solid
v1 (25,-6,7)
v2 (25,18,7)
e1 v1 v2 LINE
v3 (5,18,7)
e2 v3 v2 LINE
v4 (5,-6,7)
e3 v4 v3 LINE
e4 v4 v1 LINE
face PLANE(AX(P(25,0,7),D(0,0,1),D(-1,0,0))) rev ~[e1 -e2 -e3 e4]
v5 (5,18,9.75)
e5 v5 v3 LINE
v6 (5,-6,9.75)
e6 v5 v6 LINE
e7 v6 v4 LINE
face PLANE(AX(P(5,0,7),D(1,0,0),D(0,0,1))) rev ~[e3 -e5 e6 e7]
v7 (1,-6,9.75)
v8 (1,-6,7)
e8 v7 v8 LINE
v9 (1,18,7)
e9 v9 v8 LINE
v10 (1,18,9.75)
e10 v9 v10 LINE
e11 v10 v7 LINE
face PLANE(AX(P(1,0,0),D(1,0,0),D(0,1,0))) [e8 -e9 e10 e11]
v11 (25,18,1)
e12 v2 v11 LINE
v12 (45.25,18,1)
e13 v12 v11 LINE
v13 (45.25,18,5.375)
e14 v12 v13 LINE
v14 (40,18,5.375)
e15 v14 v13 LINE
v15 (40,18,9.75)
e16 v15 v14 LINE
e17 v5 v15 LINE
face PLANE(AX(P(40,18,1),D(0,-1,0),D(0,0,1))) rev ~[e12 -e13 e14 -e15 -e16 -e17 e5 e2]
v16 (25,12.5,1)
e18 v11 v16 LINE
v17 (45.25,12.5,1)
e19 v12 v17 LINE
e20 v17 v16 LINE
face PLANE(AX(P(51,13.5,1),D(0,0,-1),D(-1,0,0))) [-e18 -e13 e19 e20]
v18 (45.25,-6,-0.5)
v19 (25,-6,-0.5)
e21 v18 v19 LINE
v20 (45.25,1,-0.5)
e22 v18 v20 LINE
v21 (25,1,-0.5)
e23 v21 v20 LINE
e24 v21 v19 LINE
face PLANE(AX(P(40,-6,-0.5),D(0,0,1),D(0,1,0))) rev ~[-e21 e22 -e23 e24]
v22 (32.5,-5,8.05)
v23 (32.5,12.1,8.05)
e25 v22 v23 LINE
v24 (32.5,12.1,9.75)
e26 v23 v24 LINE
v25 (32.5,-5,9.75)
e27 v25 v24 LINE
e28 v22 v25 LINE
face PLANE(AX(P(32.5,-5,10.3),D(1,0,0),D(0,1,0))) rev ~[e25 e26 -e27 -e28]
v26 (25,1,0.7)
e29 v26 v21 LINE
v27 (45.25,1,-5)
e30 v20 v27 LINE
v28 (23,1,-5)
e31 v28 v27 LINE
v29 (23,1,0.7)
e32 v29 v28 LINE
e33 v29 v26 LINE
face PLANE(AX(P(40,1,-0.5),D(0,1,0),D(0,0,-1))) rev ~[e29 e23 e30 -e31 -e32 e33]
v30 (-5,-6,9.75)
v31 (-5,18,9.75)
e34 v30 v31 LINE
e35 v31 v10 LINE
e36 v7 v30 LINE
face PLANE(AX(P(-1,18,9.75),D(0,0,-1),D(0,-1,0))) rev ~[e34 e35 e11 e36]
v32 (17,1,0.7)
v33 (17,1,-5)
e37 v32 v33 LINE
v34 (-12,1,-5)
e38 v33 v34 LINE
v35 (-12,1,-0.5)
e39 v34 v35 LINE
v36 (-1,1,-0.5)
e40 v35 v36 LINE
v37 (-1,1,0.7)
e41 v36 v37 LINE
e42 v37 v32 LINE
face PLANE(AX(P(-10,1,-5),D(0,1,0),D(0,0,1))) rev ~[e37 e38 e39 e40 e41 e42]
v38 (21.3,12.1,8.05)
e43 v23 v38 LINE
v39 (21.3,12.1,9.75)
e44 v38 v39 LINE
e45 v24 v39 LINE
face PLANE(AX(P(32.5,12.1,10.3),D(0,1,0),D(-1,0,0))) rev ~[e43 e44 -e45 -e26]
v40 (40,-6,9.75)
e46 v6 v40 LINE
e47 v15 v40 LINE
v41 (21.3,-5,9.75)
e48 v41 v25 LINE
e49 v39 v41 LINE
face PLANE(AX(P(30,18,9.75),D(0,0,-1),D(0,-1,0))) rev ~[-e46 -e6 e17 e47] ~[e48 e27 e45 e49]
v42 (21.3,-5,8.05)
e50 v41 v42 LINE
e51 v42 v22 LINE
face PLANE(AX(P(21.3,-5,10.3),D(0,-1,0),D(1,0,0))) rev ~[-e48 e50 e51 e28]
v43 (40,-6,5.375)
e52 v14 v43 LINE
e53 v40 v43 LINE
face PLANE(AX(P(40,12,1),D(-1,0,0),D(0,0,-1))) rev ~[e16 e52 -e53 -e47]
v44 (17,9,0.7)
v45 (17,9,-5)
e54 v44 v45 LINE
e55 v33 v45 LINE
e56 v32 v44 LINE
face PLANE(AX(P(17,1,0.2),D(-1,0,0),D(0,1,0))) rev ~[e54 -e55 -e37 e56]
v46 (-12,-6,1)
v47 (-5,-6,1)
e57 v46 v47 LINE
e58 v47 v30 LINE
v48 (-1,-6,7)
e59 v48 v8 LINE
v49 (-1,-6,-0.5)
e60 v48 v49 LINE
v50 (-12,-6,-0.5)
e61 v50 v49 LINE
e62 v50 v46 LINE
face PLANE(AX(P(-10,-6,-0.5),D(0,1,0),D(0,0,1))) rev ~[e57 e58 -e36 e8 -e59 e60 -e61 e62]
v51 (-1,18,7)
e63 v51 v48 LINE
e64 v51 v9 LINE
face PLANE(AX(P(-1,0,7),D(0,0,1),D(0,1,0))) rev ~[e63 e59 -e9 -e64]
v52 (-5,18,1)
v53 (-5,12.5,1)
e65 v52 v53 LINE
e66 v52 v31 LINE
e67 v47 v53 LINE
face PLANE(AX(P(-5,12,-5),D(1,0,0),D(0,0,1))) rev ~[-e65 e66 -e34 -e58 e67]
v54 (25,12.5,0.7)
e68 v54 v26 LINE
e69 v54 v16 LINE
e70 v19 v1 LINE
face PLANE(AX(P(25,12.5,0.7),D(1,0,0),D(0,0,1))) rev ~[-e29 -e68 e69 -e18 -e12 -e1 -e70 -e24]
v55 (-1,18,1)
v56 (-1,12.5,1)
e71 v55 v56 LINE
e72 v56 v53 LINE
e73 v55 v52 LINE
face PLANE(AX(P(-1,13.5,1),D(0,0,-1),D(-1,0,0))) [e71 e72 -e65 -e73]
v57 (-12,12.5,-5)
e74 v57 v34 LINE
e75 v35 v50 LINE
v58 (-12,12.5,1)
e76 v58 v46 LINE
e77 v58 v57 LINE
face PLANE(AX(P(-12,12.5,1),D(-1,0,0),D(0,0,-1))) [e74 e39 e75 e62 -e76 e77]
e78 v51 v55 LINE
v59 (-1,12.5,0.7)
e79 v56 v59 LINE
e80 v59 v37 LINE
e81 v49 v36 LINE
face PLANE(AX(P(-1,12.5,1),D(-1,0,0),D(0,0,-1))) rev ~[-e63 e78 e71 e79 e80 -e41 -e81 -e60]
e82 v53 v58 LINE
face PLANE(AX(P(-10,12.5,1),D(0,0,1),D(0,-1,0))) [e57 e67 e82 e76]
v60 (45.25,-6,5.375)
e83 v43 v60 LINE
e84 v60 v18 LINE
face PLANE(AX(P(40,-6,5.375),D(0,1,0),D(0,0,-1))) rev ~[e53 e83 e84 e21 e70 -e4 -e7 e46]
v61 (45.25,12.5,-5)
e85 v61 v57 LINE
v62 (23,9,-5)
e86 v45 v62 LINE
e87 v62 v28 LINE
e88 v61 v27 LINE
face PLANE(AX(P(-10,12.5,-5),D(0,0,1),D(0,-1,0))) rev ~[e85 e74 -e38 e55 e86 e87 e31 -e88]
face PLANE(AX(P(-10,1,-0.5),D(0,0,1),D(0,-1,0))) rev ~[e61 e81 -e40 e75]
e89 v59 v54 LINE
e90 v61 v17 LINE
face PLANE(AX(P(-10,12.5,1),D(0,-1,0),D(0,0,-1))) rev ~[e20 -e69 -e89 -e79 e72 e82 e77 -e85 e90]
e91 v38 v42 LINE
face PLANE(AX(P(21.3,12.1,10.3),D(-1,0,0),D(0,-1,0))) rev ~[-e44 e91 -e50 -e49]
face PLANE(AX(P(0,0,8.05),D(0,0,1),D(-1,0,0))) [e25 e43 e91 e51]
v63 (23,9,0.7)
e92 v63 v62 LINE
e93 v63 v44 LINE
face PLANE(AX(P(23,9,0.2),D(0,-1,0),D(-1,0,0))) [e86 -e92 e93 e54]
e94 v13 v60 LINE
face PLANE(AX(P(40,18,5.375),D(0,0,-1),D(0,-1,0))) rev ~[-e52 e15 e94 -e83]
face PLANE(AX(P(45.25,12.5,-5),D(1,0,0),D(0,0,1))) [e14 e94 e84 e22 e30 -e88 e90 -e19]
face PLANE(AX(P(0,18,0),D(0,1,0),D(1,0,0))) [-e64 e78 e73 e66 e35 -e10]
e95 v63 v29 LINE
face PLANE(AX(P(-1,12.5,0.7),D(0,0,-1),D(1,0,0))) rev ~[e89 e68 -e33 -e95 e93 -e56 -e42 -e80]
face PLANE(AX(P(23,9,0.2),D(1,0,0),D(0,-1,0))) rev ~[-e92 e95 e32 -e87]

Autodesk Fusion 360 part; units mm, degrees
sketch "Sketch1" plane through (0, 0, 0) normal (0, 1, 0) x (1, 0, 0)
  line L0 (0, 0) -> (25, 0)
  line L1 (25, 0) -> (25, -7)
  line L2 (25, -7) -> (1, -7)
  line L3 (0, -5) -> (0, 0)
  line L4 (-5, 5) -> (30, 5)
  line L5 (30, 5) -> (30, -10)
  line L6 (30, -10) -> (-5, -10)
  line L7 (-5, -10) -> (-5, 5)
  line L8 (1, -7) -> (1, -10)
  line L9 (-1, -5) -> (-1, -10)
  line L10 (0, -5) -> (-1, -5)
  dimension "d1" = 25
  dimension "d2" = 5
  dimension "d4" = 6
  dimension "d5" = 2
extrude "Extrude1" add sketch "Sketch1" along normal blind 18 contours L0 L1 L2 L3 L4 L5 L6 L7 L8 L9 L10 makes body 1
move_face "OffsetFaces1" offset -1 1 faces at (0, 6, 3.3333) on bodies 1
move_face "OffsetFaces2" offset 2 2 faces at (20.3333, 6, 10) (-2.3333, 6, 10) on bodies 1
extrude "Extrude2" cut 1 faces at (1, 6, 8.6667) along direction (1, 0, 0) blind 4 on bodies 1 bodies 1
split "Split1" by plane through (-1, 0, 5) normal (1, 0, 0) bodies 1 makes body 2 at (19.6667, 12, -5)
sketch "Sketch3" plane through (-1, 0, 0) normal (1, 0, 0) x (0, 1, 0)
  line L0 (18, -5) -> (18, 12)
  line L1 (18, 12) -> (0, 12)
  line L2 (0, 12) -> (0, -5)
  line L3 (0, -5) -> (18, -5)
  line L4 (18, 12) -> (0, 12)
  line L5 (0, 12) -> (0, 7)
  line L6 (0, 7) -> (18, 7)
  line L7 (18, 7) -> (18, 12)
extrude "Extrude3" add sketch "Sketch3" along normal blind 2 contours L0 L1 L2 L4 L5 L6 L7 bodies 1
combine "Combine1" operation add target body 1 tool bodies 2
sketch "Sketch4" plane through (0, 0, 0) normal (0, -1, 0) x (1, 0, 0)
  line L0 (1, 12) -> (-5, 12)
  line L1 (-5, 12) -> (-5, -5)
  line L2 (-5, -5) -> (30, -5)
  line L3 (30, -5) -> (30, 12)
  line L4 (30, 12) -> (5, 12)
  line L5 (5, 12) -> (5, 7)
  line L6 (5, 7) -> (25, 7)
  line L7 (25, 7) -> (25, 0)
  line L8 (25, 0) -> (-1, 0)
  line L9 (-1, 0) -> (-1, 7)
  line L10 (-1, 7) -> (1, 7)
  line L11 (1, 7) -> (1, 12)
  line L12 (23, -5) -> (23, 0)
  line L13 (17, -5) -> (17, 0)
  dimension "d14" = 7
  dimension "d15" = 6
extrude "Extrude4" cut sketch "Sketch4" against normal blind 9 contours L2 L8 L12 L13 bodies 1
sketch "Sketch5" plane through (0, 18, 0) normal (0, 1, 0) x (-1, 0, 0)
  line L0 (-30, -5) -> (5, -5)
  line L1 (5, -5) -> (5, 12)
  line L2 (5, 12) -> (-1, 12)
  line L3 (-1, 12) -> (-1, 7)
  line L4 (-1, 7) -> (1, 7)
  line L5 (1, 7) -> (1, 0)
  line L6 (1, 0) -> (-25, 0)
  line L7 (-25, 0) -> (-25, 7)
  line L8 (-25, 7) -> (-5, 7)
  line L9 (-5, 7) -> (-5, 12)
  line L10 (-5, 12) -> (-30, 12)
  line L11 (-30, 12) -> (-30, -5)
  line L12 (-30, 1) -> (5, 1)
  dimension "d18" = 6
extrude "Extrude5" cut sketch "Sketch5" against normal blind 6 contours L0 L1 L5 L6 L7 L11 L12 bodies 1
sketch "Sketch6" plane through (0, 0, 0) normal (0, -1, 0) x (1, 0, 0)
  line L0 (17, -5) -> (17, 0)
  line L1 (17, 0) -> (-1, 0)
  line L2 (-1, 0) -> (-1, 7)
  line L3 (-1, 7) -> (1, 7)
  line L4 (1, 7) -> (1, 12)
  line L5 (1, 12) -> (-5, 12)
  line L6 (-5, 12) -> (-5, -5)
  line L7 (-5, -5) -> (17, -5)
  line L8 (30, -5) -> (-5, -5)
  line L9 (-5, -5) -> (-5, 1)
  line L10 (-5, 1) -> (-1, 1)
  line L11 (-1, 1) -> (-1, 0)
  line L12 (-1, 0) -> (25, 0)
  line L13 (25, 0) -> (25, 1)
  line L14 (25, 1) -> (30, 1)
  line L15 (30, 1) -> (30, -5)
extrude "Extrude6" cut sketch "Sketch6" against normal blind 6 contours L0 L1 L2 L6 L7 L8 L9 L10 L11 L12 | L0 L8 L12 L13 L14 L15 bodies 1
extrude "Extrude7" add 2 faces at (20, 0, 10.3333) (-3.6667, 0, 6.6667) along direction (0, -1, 0) blind 6 on bodies 1 bodies 1
extrude "Extrude8" add 2 faces at (26, 6, -3.3333) (3.6667, 6, -3.3333) along direction (0, -1, 0) blind 5 on bodies 1 bodies 1
extrude "Extrude9" add 1 faces at (5, 7.3333, 0) along direction (0, 0, 1) blind 0.2 on bodies 1 bodies 1
extrude "Extrude10" add 2 faces at (-3.6667, -3.6667, 1) (26.6667, -3.6667, 1) along direction (0, 0, -1) blind 3 on bodies 1 bodies 1
extrude "Extrude11" add 1 faces at (5, 7.3333, 0.2) along direction (0, 0, 1) blind 0.5 on bodies 1 bodies 1
extrude "Extrude12" cut 2 faces at (26.6667, -3.6667, -2) (-3.6667, -3.6667, -2) along direction (0, 0, 1) blind 1 on bodies 1 bodies 1
extrude "Extrude13" add 1 faces at (30, 8, 8.3333) along direction (1, 0, 0) blind 10 on bodies 1 bodies 1
sketch "Sketch7" plane through (0, 0, 12) normal (0, 0, 1) x (-1, 0, 0)
  line L0 (-5, -18) -> (-5, 6)
  line L1 (-5, 6) -> (-40, 6)
  line L2 (-40, 6) -> (-40, -18)
  line L3 (-40, -18) -> (-5, -18)
  line L4 (-32.5, 5) -> (-32.5, -12.1)
  line L5 (-32.5, -12.1) -> (-21.3, -12.1)
  line L6 (-21.3, -12.1) -> (-21.3, 5)
  line L7 (-21.3, 5) -> (-32.5, 5)
  dimension "d40" = 11.2
  dimension "d41" = 17.1
  dimension "d42" = 7.5
  dimension "d43" = 1
extrude "Extrude14" cut sketch "Sketch7" against normal blind 0.7 contours L4 L5 L6 L7 bodies 1
extrude "Extrude15" cut 2 faces at (10.4333, 8.0333, 12) (-1, 2, 12) along direction (0, 0, -1) blind 1 on bodies 1 bodies 1
extrude "Extrude16" cut 1 faces at (25.0333, 0.7, 11.3) along direction (0, 0, -1) blind 1 on bodies 1 bodies 1
extrude "Extrude17" cut 2 faces at (10.4333, 8.0333, 11) (-1, 2, 11) along direction (0, 0, -1) blind 1.25 on bodies 1 bodies 1
extrude "Extrude18" cut 1 faces at (25.0333, 0.7, 10.3) along direction (0, 0, -1) blind 1.25 on bodies 1 bodies 1
extrude "Extrude19" add 1 faces at (20, 12, -3.1) along direction (0, 1, 0) blind 0.5 on bodies 1 bodies 1
extrude "Extrude20" cut 2 faces at (35, -3.6667, -1) (-3.6667, -3.6667, -1) along direction (0, 0, 1) blind 0.5 on bodies 1 bodies 1
sketch "Sketch8" plane through (40, 0, 0) normal (1, 0, 0) x (0, 1, 0)
  line L0 (1, -0.5) -> (1, -5)
  line L1 (1, -5) -> (12.5, -5)
  line L2 (12.5, -5) -> (12.5, 1)
  line L3 (12.5, 1) -> (18, 1)
  line L4 (18, 1) -> (18, 9.75)
  line L5 (18, 9.75) -> (-6, 9.75)
  line L6 (-6, 9.75) -> (-6, -0.5)
  line L7 (-6, -0.5) -> (1, -0.5)
  line L8 (18, 5.375) -> (-6, 5.375)
extrude "Extrude21" add sketch "Sketch8" along normal blind 22 contours L0 L1 L2 L3 L4 L6 L7 L8 bodies 1
extrude "Extrude22" cut 1 faces at (25.0333, 0.7, 9.05) along direction (0, 0, -1) blind 1 on bodies 1 bodies 1
extrude "Extrude23" cut 1 faces at (62, 8.6667, -1.5) along direction (-1, 0, 0) blind 8 on bodies 1 bodies 1
sketch "Sketch9" plane through (-5, 0, 0) normal (-1, 0, 0) x (0, -1, 0)
  line L0 (-1, -5) -> (-1, -0.5)
  line L1 (-1, -0.5) -> (6, -0.5)
  line L2 (6, -0.5) -> (6, 9.75)
  line L3 (6, 9.75) -> (-18, 9.75)
  line L4 (-18, 9.75) -> (-18, 1)
  line L5 (-18, 1) -> (-12.5, 1)
  line L6 (-12.5, 1) -> (-12.5, -5)
  line L7 (-12.5, -5) -> (-1, -5)
  line L8 (-12.5, 1) -> (6, 1)
extrude "Extrude24" add sketch "Sketch9" along normal blind 5 contours L0 L1 L2 L6 L7 L8 bodies 1
extrude "Extrude25" add 1 faces at (23, 12.5, -3.1) along direction (0, 1, 0) blind 1 on bodies 1 bodies 1
extrude "Extrude26" cut 1 faces at (54, 9.3333, -1.5) along direction (-1, 0, 0) blind 2.5 on bodies 1 bodies 1
extrude "Extrude27" cut 1 faces at (51.5, 9.3333, -1.5) along direction (-1, 0, 0) blind 0.5 on bodies 1 bodies 1
extrude "Extrude28" cut 1 faces at (22, 13.5, -3.1) along direction (0, -1, 0) blind 1 on bodies 1 bodies 1
extrude "Extrude29" cut 1 faces at (51, 8.6667, -1.5) along direction (-1, 0, 0) blind 5.75 on bodies 1 bodies 1
extrude "Extrude30" add 1 faces at (-10, 8.6667, -1.5) along direction (-1, 0, 0) blind 2 on bodies 1 bodies 1
equation "d40 = 10.70 mm + 0.5 mm"
equation "d41 = 16.20 mm + 0.9 mm"
